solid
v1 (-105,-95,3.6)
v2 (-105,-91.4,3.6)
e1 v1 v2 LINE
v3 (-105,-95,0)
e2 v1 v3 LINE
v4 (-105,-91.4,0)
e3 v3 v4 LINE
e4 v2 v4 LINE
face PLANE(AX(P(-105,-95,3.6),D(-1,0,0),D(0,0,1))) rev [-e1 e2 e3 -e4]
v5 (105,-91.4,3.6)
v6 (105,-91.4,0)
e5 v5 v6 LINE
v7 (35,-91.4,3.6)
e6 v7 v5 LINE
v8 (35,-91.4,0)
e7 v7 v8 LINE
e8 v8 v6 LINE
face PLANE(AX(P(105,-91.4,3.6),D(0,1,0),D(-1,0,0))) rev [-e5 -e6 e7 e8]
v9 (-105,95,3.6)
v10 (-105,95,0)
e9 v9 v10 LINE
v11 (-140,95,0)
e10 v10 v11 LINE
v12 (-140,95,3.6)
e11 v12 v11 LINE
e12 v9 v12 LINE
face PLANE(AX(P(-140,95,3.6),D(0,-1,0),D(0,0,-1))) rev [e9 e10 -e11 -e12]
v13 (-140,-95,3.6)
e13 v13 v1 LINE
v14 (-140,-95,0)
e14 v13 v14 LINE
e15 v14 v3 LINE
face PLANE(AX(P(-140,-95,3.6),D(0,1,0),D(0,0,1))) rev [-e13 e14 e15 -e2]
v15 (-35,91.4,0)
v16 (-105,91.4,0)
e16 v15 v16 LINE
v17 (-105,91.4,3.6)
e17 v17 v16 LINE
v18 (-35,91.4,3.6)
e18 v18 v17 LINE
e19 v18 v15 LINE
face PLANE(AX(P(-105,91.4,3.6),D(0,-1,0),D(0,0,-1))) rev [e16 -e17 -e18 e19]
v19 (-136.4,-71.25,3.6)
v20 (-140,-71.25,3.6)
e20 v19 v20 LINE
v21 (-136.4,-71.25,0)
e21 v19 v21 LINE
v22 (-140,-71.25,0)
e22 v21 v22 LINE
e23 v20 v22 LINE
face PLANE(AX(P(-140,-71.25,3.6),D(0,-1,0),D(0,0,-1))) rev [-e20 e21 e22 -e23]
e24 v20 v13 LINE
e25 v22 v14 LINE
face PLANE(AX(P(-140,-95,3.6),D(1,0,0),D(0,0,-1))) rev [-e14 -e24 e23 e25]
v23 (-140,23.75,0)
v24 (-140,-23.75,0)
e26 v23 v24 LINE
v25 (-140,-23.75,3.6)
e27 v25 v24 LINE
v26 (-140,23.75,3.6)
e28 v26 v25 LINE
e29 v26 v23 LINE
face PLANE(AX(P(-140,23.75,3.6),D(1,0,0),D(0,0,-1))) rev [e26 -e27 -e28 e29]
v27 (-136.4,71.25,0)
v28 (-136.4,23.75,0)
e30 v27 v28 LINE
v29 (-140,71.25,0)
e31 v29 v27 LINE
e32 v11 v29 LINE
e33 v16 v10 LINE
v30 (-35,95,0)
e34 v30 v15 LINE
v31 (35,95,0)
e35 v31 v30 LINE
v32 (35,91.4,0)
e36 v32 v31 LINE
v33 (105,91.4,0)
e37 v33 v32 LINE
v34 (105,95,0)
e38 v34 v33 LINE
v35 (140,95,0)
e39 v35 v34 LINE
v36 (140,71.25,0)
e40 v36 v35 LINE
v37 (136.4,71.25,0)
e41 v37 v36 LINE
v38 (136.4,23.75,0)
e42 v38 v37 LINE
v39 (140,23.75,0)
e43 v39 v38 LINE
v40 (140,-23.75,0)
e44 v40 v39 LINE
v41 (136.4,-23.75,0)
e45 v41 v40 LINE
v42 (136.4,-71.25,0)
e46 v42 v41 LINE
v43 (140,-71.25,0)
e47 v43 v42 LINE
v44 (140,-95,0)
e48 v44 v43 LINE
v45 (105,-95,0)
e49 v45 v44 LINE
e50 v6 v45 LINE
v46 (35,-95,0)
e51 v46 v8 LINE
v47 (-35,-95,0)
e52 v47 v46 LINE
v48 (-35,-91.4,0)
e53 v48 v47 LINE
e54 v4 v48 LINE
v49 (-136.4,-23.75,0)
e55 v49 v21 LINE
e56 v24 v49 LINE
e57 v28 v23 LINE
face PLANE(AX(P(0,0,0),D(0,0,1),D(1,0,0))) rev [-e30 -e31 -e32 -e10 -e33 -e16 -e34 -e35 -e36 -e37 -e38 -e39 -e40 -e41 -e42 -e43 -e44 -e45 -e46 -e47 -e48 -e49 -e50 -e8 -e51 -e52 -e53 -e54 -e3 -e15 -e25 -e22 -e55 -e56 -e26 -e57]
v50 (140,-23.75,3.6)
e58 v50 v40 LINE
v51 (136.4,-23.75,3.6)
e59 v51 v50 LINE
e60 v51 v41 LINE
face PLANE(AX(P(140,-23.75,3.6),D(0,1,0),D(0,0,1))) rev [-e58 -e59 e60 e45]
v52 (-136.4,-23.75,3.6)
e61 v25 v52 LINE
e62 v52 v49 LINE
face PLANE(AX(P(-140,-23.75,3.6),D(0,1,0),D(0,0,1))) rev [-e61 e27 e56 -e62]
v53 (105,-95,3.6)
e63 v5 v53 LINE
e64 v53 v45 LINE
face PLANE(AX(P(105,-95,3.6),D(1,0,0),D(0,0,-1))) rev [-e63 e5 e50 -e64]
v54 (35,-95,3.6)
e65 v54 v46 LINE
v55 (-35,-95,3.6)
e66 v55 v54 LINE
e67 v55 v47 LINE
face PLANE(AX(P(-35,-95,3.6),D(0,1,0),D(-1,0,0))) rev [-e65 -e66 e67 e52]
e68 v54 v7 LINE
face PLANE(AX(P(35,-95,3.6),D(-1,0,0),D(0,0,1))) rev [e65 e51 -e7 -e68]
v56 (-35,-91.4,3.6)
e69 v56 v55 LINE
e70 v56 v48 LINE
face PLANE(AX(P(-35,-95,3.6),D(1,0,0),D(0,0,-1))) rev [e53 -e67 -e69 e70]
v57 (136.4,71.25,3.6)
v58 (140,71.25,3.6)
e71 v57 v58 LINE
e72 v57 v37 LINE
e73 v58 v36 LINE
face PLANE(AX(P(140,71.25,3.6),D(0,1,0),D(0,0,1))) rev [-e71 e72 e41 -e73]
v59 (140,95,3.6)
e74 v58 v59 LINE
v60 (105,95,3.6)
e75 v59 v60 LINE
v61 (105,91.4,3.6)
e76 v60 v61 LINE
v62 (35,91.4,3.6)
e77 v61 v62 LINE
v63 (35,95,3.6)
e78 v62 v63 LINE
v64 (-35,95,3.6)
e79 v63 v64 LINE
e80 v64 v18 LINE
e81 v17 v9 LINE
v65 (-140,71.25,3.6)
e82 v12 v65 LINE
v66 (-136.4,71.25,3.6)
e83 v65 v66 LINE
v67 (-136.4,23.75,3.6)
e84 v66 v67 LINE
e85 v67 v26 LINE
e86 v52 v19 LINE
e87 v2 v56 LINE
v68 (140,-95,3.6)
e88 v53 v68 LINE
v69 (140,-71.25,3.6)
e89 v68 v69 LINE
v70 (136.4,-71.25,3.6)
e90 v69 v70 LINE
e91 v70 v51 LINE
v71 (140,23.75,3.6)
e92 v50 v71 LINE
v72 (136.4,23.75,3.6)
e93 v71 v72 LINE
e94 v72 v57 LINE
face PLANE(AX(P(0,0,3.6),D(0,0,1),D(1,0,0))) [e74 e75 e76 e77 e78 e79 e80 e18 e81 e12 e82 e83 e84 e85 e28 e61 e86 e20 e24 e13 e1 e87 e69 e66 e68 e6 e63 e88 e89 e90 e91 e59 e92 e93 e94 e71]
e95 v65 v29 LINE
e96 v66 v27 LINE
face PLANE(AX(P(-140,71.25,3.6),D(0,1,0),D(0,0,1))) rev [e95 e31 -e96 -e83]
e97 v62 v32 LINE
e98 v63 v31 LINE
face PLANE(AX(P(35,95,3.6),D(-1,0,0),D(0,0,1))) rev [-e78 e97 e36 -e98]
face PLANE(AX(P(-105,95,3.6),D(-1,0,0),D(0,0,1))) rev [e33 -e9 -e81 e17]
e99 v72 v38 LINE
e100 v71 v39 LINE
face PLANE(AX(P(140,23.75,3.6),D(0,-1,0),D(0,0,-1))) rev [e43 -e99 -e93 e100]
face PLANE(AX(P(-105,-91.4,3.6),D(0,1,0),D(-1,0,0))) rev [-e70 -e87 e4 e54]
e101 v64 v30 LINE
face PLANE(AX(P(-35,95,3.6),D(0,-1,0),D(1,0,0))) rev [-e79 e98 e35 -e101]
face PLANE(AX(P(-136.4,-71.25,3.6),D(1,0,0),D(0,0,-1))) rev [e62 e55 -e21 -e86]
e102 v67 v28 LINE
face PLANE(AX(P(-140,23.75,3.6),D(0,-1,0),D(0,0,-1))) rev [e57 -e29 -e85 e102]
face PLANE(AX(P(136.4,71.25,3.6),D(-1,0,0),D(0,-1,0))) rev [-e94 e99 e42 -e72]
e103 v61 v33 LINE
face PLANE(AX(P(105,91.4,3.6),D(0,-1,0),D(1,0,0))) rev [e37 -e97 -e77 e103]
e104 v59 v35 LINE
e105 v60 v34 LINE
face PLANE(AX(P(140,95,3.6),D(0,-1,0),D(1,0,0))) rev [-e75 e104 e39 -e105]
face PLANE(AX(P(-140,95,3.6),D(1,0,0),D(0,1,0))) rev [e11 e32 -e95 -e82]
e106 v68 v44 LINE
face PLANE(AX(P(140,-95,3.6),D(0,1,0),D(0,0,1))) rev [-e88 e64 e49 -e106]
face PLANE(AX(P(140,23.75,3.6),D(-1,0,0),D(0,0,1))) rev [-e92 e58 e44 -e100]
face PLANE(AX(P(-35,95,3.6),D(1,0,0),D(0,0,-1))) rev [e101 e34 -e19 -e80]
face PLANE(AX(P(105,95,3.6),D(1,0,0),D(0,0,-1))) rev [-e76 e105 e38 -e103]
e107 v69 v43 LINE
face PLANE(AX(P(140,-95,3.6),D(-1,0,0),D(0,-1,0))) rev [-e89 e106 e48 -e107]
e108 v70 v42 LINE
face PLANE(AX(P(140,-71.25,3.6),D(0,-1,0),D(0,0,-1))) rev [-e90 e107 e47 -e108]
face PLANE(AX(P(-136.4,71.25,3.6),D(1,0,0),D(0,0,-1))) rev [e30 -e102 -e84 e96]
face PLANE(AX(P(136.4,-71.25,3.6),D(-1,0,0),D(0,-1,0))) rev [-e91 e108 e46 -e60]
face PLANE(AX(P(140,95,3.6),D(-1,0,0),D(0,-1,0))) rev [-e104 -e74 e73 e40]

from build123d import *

# Parameters (mm, degrees)
EXTRUDE_1_DEPTH = 3.6


with BuildPart() as part:
    # 草图1 → 凸台-拉伸1 (new body)
    with BuildSketch(Plane.XY):
        Polygon((140, 95), (105, 95), (105, 91.4), (35, 91.4), (35, 95), (-35, 95), (-35, 91.4), (-105, 91.4), (-105, 95), (-140, 95), (-140, 71.25), (-136.4, 71.25), (-136.4, 23.75), (-140, 23.75), (-140, -23.75), (-136.4, -23.75), (-136.4, -71.25), (-140, -71.25), (-140, -95), (-105, -95), (-105, -91.4), (-35, -91.4), (-35, -95), (35, -95), (35, -91.4), (105, -91.4), (105, -95), (140, -95), (140, -71.25), (136.4, -71.25), (136.4, -23.75), (140, -23.75), (140, 23.75), (136.4, 23.75), (136.4, 71.25), (140, 71.25), align=None)
    extrude(amount=EXTRUDE_1_DEPTH)


solid = part.part
